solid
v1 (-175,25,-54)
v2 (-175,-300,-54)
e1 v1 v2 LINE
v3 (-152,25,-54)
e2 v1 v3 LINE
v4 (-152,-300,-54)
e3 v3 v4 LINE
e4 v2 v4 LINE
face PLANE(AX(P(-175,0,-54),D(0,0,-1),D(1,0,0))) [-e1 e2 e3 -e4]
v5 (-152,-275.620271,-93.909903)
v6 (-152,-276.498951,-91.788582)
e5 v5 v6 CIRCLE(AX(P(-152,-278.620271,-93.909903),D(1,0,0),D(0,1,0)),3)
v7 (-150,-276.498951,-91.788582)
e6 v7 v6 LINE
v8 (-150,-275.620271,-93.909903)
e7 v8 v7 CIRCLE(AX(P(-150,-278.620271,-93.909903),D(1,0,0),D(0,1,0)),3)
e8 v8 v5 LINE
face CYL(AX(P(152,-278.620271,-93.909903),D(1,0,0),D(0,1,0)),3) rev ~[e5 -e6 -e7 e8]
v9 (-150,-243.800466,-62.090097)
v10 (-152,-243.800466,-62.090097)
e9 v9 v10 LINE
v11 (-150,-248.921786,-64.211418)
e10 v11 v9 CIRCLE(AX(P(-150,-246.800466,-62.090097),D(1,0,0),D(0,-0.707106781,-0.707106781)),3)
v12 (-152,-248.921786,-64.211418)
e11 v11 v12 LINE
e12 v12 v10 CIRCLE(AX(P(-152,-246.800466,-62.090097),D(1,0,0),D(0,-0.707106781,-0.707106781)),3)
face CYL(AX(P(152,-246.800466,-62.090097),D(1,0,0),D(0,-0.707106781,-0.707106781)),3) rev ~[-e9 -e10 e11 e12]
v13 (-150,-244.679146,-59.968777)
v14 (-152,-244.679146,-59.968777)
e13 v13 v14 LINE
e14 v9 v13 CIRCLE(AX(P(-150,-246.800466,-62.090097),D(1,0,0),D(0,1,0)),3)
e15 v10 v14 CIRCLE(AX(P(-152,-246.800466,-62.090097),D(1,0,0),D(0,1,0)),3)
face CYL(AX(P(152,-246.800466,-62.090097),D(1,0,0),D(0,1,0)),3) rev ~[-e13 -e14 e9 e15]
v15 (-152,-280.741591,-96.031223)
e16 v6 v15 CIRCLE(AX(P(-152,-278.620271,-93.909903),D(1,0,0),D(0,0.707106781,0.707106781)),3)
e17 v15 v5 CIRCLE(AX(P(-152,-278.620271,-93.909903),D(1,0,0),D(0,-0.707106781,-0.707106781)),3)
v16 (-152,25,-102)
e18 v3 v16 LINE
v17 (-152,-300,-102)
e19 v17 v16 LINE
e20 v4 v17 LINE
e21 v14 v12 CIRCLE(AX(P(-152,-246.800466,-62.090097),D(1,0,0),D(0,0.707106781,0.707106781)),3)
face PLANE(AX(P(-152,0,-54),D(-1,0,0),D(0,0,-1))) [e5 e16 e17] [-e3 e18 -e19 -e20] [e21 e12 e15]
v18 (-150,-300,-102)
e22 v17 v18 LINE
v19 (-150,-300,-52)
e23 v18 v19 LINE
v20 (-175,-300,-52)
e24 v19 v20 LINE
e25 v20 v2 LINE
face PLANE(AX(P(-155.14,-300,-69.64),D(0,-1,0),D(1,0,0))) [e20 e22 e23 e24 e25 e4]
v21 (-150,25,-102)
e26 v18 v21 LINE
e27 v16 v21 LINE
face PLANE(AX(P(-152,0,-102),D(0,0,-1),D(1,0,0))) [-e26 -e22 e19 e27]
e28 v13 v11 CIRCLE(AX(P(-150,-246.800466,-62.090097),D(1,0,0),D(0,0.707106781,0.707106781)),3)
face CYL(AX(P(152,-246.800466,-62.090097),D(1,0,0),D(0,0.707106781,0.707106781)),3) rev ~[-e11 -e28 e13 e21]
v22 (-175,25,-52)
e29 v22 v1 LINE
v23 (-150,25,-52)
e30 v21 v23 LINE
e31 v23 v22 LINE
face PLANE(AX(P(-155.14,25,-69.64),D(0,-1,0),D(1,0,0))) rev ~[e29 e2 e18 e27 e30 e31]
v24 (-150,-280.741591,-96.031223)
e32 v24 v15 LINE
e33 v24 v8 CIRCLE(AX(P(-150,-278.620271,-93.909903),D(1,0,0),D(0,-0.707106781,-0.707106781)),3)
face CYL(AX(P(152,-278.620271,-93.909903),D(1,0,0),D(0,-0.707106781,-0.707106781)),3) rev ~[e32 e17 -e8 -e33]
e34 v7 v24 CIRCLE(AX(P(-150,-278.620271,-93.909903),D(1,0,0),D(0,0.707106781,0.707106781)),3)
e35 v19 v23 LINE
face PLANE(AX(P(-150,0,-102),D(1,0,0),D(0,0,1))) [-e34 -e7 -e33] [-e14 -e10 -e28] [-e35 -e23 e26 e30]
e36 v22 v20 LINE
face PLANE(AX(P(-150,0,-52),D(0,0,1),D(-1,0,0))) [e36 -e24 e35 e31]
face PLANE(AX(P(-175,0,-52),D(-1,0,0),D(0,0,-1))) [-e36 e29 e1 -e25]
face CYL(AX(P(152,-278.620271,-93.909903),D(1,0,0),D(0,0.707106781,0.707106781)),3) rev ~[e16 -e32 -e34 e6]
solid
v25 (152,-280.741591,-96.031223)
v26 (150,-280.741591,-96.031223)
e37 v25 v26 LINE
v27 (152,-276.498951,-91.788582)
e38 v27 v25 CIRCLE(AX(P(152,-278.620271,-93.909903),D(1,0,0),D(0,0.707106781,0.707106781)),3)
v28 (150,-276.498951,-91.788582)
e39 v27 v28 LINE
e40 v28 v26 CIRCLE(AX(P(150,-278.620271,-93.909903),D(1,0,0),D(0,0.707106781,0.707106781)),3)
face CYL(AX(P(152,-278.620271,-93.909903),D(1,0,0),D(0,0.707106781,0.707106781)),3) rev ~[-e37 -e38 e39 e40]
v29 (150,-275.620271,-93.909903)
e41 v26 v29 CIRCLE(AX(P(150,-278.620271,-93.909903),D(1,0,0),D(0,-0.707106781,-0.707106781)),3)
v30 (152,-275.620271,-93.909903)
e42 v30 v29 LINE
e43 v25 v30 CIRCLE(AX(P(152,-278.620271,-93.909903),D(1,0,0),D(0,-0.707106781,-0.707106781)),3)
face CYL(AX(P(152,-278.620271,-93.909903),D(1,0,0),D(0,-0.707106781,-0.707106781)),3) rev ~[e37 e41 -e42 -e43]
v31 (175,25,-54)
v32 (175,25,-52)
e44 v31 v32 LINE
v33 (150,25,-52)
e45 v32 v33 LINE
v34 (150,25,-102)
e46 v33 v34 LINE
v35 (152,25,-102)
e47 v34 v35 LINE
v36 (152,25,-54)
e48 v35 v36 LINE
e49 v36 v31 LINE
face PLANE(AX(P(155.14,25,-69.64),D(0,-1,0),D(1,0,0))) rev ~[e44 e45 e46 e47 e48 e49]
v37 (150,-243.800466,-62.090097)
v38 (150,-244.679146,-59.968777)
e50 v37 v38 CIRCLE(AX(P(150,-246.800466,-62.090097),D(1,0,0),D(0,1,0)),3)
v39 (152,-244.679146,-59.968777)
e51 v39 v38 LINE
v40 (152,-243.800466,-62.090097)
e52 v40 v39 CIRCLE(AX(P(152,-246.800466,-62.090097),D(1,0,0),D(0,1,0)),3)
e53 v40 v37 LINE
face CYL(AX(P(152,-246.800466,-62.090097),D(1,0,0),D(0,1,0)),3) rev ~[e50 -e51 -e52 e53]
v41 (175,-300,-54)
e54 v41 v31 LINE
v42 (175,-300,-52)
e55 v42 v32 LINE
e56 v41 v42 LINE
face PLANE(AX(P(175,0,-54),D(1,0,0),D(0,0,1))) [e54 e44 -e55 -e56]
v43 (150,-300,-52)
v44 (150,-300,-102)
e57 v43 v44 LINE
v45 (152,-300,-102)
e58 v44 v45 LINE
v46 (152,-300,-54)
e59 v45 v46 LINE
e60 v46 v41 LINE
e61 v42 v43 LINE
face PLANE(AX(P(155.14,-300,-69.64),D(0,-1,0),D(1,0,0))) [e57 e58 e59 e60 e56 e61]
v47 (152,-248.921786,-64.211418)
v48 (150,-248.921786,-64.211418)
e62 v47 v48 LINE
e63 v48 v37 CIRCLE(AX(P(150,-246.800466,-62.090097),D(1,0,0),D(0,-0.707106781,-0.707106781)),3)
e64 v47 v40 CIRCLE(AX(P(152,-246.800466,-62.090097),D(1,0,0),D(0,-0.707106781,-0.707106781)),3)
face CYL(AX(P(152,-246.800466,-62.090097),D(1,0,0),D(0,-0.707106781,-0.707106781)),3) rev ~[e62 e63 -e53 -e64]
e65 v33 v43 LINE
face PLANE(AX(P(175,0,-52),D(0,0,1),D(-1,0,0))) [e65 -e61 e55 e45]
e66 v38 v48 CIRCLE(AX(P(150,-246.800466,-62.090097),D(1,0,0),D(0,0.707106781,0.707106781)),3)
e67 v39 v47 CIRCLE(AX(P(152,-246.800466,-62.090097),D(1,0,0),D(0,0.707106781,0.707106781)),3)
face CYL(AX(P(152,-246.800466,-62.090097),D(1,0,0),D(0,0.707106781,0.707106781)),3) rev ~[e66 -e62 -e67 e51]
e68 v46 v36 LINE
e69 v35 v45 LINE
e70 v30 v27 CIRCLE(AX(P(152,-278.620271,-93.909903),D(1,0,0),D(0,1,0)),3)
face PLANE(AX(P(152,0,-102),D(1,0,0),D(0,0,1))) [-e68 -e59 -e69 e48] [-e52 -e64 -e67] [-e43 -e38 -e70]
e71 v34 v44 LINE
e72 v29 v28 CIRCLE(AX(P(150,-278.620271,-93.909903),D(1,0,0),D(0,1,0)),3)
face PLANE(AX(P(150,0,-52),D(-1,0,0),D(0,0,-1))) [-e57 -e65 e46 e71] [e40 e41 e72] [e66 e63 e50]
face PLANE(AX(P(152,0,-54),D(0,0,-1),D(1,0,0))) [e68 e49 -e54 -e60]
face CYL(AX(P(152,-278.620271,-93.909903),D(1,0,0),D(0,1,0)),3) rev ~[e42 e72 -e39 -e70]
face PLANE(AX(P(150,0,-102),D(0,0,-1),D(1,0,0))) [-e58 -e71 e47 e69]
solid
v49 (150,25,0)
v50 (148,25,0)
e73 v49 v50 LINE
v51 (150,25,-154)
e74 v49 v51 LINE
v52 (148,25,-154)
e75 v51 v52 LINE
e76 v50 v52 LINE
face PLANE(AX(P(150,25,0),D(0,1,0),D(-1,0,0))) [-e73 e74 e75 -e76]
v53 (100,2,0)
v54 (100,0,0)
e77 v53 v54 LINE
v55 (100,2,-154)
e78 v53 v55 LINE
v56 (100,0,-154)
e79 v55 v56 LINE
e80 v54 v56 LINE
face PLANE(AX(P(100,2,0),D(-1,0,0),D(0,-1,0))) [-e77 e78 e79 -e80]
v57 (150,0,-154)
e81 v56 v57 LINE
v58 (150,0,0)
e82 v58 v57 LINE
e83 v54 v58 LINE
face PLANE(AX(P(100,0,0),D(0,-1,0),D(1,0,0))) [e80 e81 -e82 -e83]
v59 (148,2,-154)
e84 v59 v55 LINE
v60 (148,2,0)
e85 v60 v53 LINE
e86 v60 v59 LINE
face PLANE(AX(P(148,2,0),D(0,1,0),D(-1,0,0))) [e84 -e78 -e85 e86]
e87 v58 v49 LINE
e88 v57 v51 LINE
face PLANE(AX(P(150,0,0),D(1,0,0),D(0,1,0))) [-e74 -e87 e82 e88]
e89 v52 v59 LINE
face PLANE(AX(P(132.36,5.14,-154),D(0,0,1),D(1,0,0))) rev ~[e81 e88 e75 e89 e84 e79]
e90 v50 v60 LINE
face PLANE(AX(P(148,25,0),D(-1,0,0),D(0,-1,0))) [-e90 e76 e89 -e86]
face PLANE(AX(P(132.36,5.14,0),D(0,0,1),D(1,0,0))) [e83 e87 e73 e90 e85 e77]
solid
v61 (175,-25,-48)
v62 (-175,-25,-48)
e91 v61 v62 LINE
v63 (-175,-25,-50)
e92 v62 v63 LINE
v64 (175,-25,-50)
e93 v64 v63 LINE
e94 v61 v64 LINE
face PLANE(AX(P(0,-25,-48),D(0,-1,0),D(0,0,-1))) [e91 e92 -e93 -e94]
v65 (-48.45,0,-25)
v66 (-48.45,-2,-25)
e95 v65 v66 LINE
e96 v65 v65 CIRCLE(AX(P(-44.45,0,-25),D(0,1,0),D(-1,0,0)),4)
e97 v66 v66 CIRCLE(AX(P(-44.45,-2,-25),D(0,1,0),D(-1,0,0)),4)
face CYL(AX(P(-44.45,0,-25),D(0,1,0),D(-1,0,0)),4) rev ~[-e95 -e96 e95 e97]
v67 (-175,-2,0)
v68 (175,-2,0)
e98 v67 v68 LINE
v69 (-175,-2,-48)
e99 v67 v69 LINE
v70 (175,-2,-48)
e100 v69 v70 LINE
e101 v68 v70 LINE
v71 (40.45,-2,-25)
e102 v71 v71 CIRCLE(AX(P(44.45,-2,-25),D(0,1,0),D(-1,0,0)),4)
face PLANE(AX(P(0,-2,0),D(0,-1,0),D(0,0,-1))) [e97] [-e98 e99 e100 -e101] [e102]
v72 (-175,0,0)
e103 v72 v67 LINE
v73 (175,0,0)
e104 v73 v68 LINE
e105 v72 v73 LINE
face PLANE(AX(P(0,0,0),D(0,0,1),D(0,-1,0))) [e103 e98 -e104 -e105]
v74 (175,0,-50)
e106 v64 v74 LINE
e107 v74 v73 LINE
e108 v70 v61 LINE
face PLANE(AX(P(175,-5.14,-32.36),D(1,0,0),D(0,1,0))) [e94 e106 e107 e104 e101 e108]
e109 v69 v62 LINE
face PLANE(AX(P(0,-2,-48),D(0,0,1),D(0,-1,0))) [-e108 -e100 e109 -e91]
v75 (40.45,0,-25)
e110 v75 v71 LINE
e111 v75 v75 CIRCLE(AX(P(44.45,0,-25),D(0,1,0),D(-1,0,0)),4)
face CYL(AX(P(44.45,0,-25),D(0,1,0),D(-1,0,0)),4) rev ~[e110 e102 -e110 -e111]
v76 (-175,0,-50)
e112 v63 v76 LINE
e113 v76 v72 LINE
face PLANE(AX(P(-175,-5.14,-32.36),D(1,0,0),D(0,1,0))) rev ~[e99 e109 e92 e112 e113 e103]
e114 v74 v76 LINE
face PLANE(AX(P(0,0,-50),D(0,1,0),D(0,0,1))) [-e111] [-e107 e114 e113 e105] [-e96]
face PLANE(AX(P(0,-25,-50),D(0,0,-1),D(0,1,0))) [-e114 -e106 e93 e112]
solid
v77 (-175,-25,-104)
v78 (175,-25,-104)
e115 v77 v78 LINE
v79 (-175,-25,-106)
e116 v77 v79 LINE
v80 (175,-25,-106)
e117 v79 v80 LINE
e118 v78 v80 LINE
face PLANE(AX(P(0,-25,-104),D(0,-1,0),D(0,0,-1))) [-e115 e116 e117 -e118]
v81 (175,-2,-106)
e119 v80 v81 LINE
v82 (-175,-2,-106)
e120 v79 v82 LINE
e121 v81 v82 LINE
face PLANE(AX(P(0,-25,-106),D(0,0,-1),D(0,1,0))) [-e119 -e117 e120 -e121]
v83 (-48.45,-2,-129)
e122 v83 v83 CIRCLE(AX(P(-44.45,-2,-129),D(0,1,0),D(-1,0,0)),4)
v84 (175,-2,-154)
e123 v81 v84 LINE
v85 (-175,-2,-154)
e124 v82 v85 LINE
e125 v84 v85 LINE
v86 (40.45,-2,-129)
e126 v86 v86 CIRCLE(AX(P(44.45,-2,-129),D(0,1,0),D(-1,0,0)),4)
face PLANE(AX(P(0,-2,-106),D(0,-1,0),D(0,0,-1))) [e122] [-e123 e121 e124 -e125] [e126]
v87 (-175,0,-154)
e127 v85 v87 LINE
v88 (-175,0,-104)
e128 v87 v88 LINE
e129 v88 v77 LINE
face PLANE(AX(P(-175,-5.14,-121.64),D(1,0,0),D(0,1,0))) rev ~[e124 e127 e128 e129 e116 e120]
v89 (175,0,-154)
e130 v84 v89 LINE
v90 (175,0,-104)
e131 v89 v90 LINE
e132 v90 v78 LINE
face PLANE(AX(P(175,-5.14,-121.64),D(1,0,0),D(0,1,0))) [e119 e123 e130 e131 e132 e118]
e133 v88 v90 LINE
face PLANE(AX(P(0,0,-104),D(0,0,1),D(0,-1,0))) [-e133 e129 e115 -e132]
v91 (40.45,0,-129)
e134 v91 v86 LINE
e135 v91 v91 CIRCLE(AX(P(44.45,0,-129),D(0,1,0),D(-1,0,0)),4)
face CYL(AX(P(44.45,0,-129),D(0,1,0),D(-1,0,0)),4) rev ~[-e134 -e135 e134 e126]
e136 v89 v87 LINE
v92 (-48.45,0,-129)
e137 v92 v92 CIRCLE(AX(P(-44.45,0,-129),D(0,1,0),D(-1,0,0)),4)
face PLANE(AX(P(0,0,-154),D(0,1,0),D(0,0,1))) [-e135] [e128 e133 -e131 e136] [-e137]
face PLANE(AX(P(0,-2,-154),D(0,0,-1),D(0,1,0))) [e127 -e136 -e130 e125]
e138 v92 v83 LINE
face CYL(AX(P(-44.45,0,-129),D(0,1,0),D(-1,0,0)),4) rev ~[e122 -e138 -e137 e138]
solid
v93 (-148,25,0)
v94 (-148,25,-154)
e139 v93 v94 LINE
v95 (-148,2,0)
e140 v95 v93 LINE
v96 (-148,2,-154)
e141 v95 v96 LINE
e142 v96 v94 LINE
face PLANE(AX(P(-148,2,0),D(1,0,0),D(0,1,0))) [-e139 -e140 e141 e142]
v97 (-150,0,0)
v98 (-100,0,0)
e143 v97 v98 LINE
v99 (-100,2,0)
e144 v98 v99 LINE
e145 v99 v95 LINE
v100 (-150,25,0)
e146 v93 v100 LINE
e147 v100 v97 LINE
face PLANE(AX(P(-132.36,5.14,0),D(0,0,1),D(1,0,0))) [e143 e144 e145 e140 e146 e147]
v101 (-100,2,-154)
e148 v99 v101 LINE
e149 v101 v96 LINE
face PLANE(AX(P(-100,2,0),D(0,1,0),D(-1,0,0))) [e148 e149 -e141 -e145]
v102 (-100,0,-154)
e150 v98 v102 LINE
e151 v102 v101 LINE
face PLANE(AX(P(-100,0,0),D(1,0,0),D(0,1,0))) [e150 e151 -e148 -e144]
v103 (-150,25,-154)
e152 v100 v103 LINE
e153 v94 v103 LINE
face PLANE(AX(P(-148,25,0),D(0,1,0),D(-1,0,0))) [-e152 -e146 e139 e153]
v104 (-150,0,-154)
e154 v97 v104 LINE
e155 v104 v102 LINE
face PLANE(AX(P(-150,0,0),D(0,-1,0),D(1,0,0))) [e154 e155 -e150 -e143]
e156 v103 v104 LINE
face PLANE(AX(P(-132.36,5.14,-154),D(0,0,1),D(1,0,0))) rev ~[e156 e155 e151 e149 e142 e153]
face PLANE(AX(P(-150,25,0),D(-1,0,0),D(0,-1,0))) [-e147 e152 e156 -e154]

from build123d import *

# Parameters (mm, degrees)
F1_DEPTH      = 175
F3_DEPTH      = 300
F3_DEPTH_BACK = 25
F5_DEPTH      = 154
F6_R          = 4
F7_DEPTH      = 25
F9_DEPTH      = 400


with BuildPart() as f1:
    # F0 (on Right) → F1 (new body, symmetric)
    with BuildSketch(Plane.YZ):
        Polygon((0, -154), (0, -104), (-25, -104), (-25, -106), (-2, -106), (-2, -154), align=None)
    extrude(amount=F1_DEPTH, both=True)


with BuildPart() as f1b:
    # F0 (on Right) → F1, piece 2 (new body, symmetric)
    with BuildSketch(Plane.YZ):
        Polygon((0, -50), (0, 0), (-2, 0), (-2, -48), (-25, -48), (-25, -50), align=None)
    extrude(amount=F1_DEPTH, both=True)


with BuildPart() as f3:
    # F2 (on Front) → F3 (new body, two sides)
    with BuildSketch(Plane.XZ) as f3_sk:
        Polygon((175, -52), (150, -52), (150, -102), (152, -102), (152, -54), (175, -54), align=None)
    extrude(amount=F3_DEPTH)
    extrude(f3_sk.sketch, amount=-F3_DEPTH_BACK)


with BuildPart() as f3b:
    # F2 (on Front) → F3, piece 2 (new body, two sides)
    with BuildSketch(Plane.XZ) as f3_2_sk:
        Polygon((-150, -52), (-175, -52), (-175, -54), (-152, -54), (-152, -102), (-150, -102), align=None)
    extrude(amount=F3_DEPTH)
    extrude(f3_2_sk.sketch, amount=-F3_DEPTH_BACK)


with BuildPart() as f5:
    # F4 (on Top) → F5 (new body)
    with BuildSketch(Plane.XY):
        Polygon((100, 0), (150, 0), (150, 25), (148, 25), (148, 2), (100, 2), align=None)
    extrude(amount=-F5_DEPTH)


with BuildPart() as f5b:
    # F4 (on Top) → F5, piece 2 (new body)
    with BuildSketch(Plane.XY):
        Polygon((-148, 25), (-150, 25), (-150, 0), (-100, 0), (-100, 2), (-148, 2), align=None)
    extrude(amount=-F5_DEPTH)


with BuildPart() as f7_tool:
    # F6 (on face) → F7 (new body)
    with BuildSketch(Plane(origin=(0, 0, 0), x_dir=(-1, 0, 0), z_dir=(0, 1, 0))):
        with Locations((-44.45, -25)):
            Circle(F6_R)
        with Locations((44.45, -25)):
            Circle(F6_R)
        with Locations((-44.45, -129)):
            Circle(F6_R)
        with Locations((44.45, -129)):
            Circle(F6_R)
    extrude(amount=-F7_DEPTH)


with BuildPart() as f1_1:
    add(f1.part)

    # F7: cut by f7_tool
    add(f7_tool.part, mode=Mode.SUBTRACT)


with BuildPart() as f1b_1:
    add(f1b.part)

    # F7: cut by f7_tool
    add(f7_tool.part, mode=Mode.SUBTRACT)


with BuildPart() as f9_tool:
    # F8 (on face) → F9 (new body)
    with BuildSketch(Plane.YZ.offset(152)):
        with BuildLine():
            ThreePointArc((-276.4989507472, -91.7885822331), (-280.7415914343, -91.7885822331), (-280.7415914343, -96.0312229203))
            Line((-280.7415914343, -96.0312229203), (-276.4989507472, -91.7885822331))
        make_face()
        with BuildLine():
            ThreePointArc((-244.6791455938, -59.9687770797), (-248.9217862809, -59.9687770797), (-248.9217862809, -64.2114177669))
            Line((-248.9217862809, -64.2114177669), (-244.6791455938, -59.9687770797))
        make_face()
        with BuildLine():
            Line((-244.6791455938, -59.9687770797), (-248.9217862809, -64.2114177669))
            ThreePointArc((-248.9217862809, -64.2114177669), (-245.6524156403, -64.8617360208), (-243.8004659374, -62.0900974233))
            ThreePointArc((-243.8004659374, -62.0900974233), (-244.0288273398, -60.9420471262), (-244.6791455938, -59.9687770797))
        make_face()
        with BuildLine():
            Line((-276.4989507472, -91.7885822331), (-280.7415914343, -96.0312229203))
            ThreePointArc((-280.7415914343, -96.0312229203), (-277.4722207937, -96.6815411742), (-275.6202710908, -93.9099025767))
            ThreePointArc((-275.6202710908, -93.9099025767), (-275.8486324932, -92.7618522796), (-276.4989507472, -91.7885822331))
        make_face()
    extrude(amount=-F9_DEPTH)


with BuildPart() as f3_1:
    add(f3.part)

    # F9: cut by f9_tool
    add(f9_tool.part, mode=Mode.SUBTRACT)


with BuildPart() as f3b_1:
    add(f3b.part)

    # F9: cut by f9_tool
    add(f9_tool.part, mode=Mode.SUBTRACT)


solid = Compound([f5.part, f5b.part, f1_1.part, f1b_1.part, f3_1.part, f3b_1.part])
